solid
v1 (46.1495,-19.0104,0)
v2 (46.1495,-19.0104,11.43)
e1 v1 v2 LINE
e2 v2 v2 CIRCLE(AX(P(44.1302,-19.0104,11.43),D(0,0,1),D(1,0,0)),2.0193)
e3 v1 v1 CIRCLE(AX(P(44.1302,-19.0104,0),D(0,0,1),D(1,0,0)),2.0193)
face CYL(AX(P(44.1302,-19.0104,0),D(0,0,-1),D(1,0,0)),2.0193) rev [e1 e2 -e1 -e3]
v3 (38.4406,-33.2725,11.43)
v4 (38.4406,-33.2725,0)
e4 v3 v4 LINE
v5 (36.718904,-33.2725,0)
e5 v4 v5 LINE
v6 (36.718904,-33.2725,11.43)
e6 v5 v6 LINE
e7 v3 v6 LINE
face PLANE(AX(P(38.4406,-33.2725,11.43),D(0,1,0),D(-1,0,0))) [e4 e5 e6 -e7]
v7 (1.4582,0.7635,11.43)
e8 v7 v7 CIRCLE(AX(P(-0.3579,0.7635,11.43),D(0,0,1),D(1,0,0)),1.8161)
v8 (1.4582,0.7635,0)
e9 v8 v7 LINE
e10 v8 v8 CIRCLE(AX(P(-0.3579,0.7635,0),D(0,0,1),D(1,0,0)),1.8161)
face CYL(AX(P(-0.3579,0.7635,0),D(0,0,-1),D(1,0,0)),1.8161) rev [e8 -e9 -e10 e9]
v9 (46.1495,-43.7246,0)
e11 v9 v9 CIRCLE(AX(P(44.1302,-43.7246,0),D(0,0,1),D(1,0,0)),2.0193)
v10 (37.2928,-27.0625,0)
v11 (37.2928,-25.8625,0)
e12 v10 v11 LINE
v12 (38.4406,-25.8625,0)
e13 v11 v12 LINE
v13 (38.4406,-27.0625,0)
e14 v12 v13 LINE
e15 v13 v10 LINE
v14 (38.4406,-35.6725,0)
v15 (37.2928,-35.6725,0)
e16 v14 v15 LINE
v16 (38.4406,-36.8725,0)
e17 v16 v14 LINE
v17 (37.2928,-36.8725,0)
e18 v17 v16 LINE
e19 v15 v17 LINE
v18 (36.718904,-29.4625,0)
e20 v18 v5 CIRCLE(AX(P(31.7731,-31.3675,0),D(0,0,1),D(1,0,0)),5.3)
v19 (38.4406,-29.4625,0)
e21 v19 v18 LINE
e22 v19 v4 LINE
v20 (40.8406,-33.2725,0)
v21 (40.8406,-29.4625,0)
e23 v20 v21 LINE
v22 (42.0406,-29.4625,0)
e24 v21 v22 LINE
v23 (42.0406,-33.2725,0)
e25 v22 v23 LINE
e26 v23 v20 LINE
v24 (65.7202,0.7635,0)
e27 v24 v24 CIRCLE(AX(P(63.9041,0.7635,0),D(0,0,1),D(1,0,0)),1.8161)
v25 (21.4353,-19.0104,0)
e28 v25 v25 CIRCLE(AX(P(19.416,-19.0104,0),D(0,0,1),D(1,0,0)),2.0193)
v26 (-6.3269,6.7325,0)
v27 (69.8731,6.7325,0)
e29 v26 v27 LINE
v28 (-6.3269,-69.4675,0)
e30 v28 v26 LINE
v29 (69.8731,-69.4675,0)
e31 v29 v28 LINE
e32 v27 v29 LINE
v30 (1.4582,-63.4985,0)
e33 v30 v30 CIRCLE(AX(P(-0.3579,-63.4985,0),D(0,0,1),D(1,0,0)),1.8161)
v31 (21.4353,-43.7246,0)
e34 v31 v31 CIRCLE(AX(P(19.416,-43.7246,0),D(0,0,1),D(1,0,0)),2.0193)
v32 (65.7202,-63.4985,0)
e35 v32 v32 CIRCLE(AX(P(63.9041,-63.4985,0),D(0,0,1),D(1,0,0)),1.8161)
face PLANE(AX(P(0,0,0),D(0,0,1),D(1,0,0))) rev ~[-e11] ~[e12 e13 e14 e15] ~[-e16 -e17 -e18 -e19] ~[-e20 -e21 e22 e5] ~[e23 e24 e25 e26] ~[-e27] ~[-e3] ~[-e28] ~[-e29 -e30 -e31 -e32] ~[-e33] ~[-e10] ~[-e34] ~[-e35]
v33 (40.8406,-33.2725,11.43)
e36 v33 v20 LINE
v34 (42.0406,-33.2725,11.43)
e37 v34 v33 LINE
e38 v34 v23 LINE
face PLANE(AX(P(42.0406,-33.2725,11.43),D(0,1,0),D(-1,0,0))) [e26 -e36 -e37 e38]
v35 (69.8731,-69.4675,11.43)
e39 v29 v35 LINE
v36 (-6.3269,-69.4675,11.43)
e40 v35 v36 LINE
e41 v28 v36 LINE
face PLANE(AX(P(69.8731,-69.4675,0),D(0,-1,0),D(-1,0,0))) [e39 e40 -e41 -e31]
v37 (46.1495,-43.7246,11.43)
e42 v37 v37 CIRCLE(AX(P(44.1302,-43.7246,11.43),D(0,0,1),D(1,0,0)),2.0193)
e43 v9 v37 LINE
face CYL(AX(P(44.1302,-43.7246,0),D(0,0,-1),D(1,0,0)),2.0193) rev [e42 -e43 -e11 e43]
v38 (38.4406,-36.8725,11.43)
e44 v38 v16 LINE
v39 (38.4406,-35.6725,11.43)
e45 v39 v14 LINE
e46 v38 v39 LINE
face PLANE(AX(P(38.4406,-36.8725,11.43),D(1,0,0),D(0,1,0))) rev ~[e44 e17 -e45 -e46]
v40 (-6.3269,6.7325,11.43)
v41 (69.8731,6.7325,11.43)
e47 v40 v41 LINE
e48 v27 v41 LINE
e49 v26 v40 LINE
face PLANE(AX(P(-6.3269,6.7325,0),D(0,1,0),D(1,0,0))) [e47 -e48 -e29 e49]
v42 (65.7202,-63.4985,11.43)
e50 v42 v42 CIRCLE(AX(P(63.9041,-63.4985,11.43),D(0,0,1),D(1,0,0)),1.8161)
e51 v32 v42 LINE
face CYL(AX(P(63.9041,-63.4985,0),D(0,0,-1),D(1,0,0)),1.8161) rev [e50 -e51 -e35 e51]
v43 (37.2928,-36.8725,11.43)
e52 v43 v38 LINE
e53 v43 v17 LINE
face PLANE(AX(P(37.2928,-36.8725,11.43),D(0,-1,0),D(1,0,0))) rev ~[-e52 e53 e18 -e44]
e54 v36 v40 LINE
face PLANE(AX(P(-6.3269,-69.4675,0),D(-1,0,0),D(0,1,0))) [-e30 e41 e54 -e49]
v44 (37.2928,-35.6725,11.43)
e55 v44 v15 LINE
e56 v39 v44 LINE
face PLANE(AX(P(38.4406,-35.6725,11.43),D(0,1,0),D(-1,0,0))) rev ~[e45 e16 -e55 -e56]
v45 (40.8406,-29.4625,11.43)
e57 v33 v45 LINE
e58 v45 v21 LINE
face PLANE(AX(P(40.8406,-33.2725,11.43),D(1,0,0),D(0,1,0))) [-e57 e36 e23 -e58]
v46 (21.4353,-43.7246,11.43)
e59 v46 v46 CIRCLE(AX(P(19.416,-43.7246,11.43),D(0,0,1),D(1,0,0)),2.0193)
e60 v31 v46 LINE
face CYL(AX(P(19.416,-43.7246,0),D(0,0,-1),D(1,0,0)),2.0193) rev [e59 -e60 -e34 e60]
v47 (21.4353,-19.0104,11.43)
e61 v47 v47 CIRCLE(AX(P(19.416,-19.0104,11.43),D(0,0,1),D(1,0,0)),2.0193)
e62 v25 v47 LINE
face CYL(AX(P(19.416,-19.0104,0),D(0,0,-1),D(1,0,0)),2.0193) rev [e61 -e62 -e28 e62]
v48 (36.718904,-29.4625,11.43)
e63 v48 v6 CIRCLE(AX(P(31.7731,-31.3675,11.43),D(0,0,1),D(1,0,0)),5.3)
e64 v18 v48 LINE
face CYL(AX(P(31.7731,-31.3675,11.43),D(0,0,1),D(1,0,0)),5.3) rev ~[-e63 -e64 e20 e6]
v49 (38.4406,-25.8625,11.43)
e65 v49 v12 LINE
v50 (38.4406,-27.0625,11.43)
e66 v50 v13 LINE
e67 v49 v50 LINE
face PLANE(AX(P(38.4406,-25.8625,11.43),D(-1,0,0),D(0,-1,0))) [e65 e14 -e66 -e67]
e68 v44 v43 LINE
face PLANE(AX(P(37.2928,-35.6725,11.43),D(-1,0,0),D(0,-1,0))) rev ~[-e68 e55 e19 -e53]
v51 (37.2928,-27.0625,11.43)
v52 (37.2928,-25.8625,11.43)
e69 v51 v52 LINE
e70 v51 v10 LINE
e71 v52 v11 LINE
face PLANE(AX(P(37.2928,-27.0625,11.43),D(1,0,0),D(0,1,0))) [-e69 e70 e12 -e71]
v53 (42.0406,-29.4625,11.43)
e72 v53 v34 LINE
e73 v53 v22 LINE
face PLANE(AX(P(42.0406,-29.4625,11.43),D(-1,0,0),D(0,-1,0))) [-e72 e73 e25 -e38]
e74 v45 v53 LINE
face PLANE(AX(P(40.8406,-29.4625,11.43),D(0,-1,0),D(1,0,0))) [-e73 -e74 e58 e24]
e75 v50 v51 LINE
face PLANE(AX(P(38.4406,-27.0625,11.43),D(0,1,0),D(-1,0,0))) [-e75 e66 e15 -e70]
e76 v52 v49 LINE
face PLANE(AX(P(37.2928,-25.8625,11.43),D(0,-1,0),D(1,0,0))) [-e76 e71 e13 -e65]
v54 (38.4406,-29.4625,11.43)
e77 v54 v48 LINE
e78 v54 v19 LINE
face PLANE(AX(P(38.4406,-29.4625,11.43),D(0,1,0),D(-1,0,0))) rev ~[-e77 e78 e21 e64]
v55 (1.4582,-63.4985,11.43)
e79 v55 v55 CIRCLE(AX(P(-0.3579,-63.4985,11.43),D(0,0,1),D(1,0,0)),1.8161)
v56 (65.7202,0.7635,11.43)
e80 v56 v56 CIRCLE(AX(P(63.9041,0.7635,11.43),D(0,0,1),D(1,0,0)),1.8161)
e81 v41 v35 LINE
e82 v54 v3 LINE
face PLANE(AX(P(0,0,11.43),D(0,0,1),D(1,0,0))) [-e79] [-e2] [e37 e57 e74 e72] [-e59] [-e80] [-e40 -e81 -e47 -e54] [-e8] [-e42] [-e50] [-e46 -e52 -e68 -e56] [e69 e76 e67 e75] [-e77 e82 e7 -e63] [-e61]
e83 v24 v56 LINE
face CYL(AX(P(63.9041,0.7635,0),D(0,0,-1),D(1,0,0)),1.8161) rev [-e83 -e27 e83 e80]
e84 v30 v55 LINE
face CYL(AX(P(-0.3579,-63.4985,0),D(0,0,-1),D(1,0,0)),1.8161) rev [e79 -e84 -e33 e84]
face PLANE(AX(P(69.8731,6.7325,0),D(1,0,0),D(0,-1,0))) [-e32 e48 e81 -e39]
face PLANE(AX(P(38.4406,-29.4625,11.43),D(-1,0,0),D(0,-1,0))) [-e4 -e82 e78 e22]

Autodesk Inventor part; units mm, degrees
ref_plane "YZ Plane" through (0, 0, 0) normal (1, 0, 0) x (0, 1, 0)
ref_plane "XZ Plane" through (0, 0, 0) normal (0, 1, 0) x (-1, 0, 0)
ref_plane "XY Plane" through (0, 0, 0) normal (0, 0, 1) x (1, 0, 0)
sketch "Sketch1" plane through (0, 0, 0) normal (0, 0, 1) x (1, 0, 0)
  line L0 (-6.3269, 6.7325) -> (69.8731, 6.7325)
  line L1 (69.8731, 6.7325) -> (69.8731, -69.4675)
  line L2 (69.8731, -69.4675) -> (-6.3269, -69.4675)
  line L3 (-6.3269, -69.4675) -> (-6.3269, 6.7325)
  line L4 (-6.3269, 6.7325) -> (69.8731, -69.4675) construction
  line L5 (69.8731, 6.7325) -> (-6.3269, -69.4675) construction
  circle A0 centre (31.7731, -31.3675) radius 4.7625
  circle A1 centre (63.9041, 0.7635) radius 1.8161
  circle A2 centre (63.9041, -63.4985) radius 1.8161
  circle A3 centre (-0.3579, -63.4985) radius 1.8161
  circle A4 centre (-0.3579, 0.7635) radius 1.8161
  line L6 (12.7231, -50.4175) -> (50.8231, -50.4175) construction
  line L7 (50.8231, -50.4175) -> (50.8231, -12.3175) construction
  line L8 (50.8231, -12.3175) -> (12.7231, -12.3175) construction
  line L9 (12.7231, -12.3175) -> (12.7231, -50.4175) construction
  line L10 (12.7231, -50.4175) -> (50.8231, -12.3175) construction
  line L11 (50.8231, -50.4175) -> (12.7231, -12.3175) construction
  circle A5 centre (19.416, -19.0104) radius 2.0193
  circle A6 centre (44.1302, -19.0104) radius 2.0193
  circle A7 centre (19.416, -43.7246) radius 2.0193
  circle A8 centre (44.1302, -43.7246) radius 2.0193
  dimension "d0" = 76.2
  dimension "d1" = 76.2
  dimension "d2" = 9.525
  dimension "d4" = 3.6322
  dimension "d5" = 3.6322
  dimension "d6" = 3.6322
  dimension "d7" = 3.6322
  dimension "d11" = 38.1
  dimension "d12" = 38.1
  dimension "d13" = 4.0386
  dimension "d14" = 4.0386
  dimension "d15" = 4.0386
  dimension "d16" = 4.0386
  dimension "d17" = 24.7142
  dimension "d18" = 64.262
extrude "Extrusion1" add sketch "Sketch1" along normal blind 11.43
sketch "Sketch2" plane through (0, 0, 11.43) normal (0, 0, 1) x (1, 0, 0)
  circle A0 centre (31.7731, -31.3675) radius 4.7625 construction
  line L0 (27.0106, -31.3675) -> (38.4406, -31.3675) construction
  line L1 (38.4406, -31.3675) -> (38.4406, -29.5895) construction
  line L2 (38.4406, -29.5895) -> (34.9614, -29.5895)
  line L3 (34.9614, -29.5895) -> (34.9614, -33.8756)
  line L4 (34.9614, -33.8756) -> (38.4406, -33.8756)
  line L5 (38.4406, -33.8756) -> (38.4406, -29.5895)
  point P0 (0, 0)
  dimension "d21" = 11.43
  dimension "d22" = 1.778
extrude "Extrusion2" cut sketch "Sketch2" along normal through all both and the other way through all
sketch "Sketch3" plane through (0, 0, 11.43) normal (0, 0, 1) x (1, 0, 0)
  line L0 (38.4406, -33.8756) -> (35.8216, -33.8756) projected
  line L1 (38.4406, -29.5895) -> (35.8216, -29.5895)
  line L2 (35.8216, -33.8756) -> (38.4406, -33.8756)
  line L3 (38.4406, -33.8756) -> (38.4406, -29.5895)
  arc A0 (35.8216, -33.8756) -> (36.1912, -29.5895) centre (31.7731, -31.3675) ccw
  line L4 (35.8216, -33.8756) -> (38.4406, -33.8756)
  line L5 (38.4406, -29.5895) -> (36.1912, -29.5895) projected
  line L6 (38.4406, -29.5895) -> (36.1912, -29.5895)
  point P0 (0, 0)
  point P1 (31.7731, -31.3675)
extrude "Extrusion3" add sketch "Sketch3" against normal up to surface (11.43 mm away)
sketch "Sketch4" plane through (0, 0, 11.43) normal (0, 0, 1) x (1, 0, 0)
  circle A0 centre (31.7731, -31.3675) radius 4.7625 construction
  line L0 (27.0106, -31.3675) -> (38.4406, -31.3675) construction
  line L1 (38.4406, -31.3675) -> (38.4406, -29.4625) construction
  line L2 (38.4406, -29.4625) -> (38.4406, -33.2725)
  line L3 (38.4406, -33.2725) -> (36.138, -33.2725)
  line L4 (38.4406, -29.4625) -> (36.138, -29.4625)
  arc A1 (36.138, -33.2725) -> (36.138, -29.4625) centre (31.7731, -31.3675) ccw
  point P0 (0, 0)
  dimension "d27" = 11.43
  dimension "d28" = 1.905
  dimension "d29" = 3.81
extrude "Extrusion4" cut sketch "Sketch4" against normal up to surface (11.43 mm away)
sketch "Sketch5" plane through (0, 0, 11.43) normal (0, 0, 1) x (1, 0, 0)
  line L0 (38.4406, -33.2725) -> (38.4406, -29.4625) construction
  line L1 (38.4406, -29.4625) -> (38.4406, -27.0625) construction
  line L2 (38.4406, -33.2725) -> (38.4406, -35.6725) construction
  line L3 (38.4406, -35.6725) -> (37.2928, -35.6725)
  line L4 (37.2928, -35.6725) -> (37.2928, -36.8725)
  line L5 (37.2928, -36.8725) -> (38.4406, -36.8725)
  line L6 (38.4406, -36.8725) -> (38.4406, -35.6725)
  line L7 (38.4406, -27.0625) -> (37.2928, -27.0625)
  line L8 (37.2928, -27.0625) -> (37.2928, -25.8625)
  line L9 (37.2928, -25.8625) -> (38.4406, -25.8625)
  line L10 (38.4406, -25.8625) -> (38.4406, -27.0625)
  arc A0 (36.138, -29.4625) -> (36.138, -33.2725) centre (31.7731, -31.3675) ccw projected
  line L11 (36.138, -29.4625) -> (38.4406, -29.4625) construction
  line L12 (38.4406, -29.4625) -> (40.8406, -29.4625) construction
  line L13 (40.8406, -29.4625) -> (42.0406, -29.4625)
  line L14 (42.0406, -29.4625) -> (42.0406, -33.2725)
  line L15 (42.0406, -33.2725) -> (40.8406, -33.2725)
  line L16 (40.8406, -33.2725) -> (40.8406, -29.4625)
  point P0 (0, 0)
  dimension "d32" = 2.4
  dimension "d33" = 2.4
  dimension "d34" = 1.2
  dimension "d35" = 1.2
  dimension "d36" = 7
  dimension "d37" = 2.4
  dimension "d38" = 1.2
extrude "Extrusion5" cut sketch "Sketch5" against normal blind 25.4
sketch "Sketch6" plane through (0, 0, 11.43) normal (0, 0, 1) x (1, 0, 0)
  point P0 (0, 0)
sketch "Sketch7" plane through (0, 0, 11.43) normal (0, 0, 1) x (1, 0, 0)
  arc A0 (36.138, -29.4625) -> (36.138, -33.2725) centre (31.7731, -31.3675) ccw projected
  circle A1 centre (31.7731, -31.3675) radius 5.3
  point P0 (0, 0)
  dimension "d41" = 10.6
extrude "Extrusion6" cut sketch "Sketch7" against normal through all
properties part number "armmount"
